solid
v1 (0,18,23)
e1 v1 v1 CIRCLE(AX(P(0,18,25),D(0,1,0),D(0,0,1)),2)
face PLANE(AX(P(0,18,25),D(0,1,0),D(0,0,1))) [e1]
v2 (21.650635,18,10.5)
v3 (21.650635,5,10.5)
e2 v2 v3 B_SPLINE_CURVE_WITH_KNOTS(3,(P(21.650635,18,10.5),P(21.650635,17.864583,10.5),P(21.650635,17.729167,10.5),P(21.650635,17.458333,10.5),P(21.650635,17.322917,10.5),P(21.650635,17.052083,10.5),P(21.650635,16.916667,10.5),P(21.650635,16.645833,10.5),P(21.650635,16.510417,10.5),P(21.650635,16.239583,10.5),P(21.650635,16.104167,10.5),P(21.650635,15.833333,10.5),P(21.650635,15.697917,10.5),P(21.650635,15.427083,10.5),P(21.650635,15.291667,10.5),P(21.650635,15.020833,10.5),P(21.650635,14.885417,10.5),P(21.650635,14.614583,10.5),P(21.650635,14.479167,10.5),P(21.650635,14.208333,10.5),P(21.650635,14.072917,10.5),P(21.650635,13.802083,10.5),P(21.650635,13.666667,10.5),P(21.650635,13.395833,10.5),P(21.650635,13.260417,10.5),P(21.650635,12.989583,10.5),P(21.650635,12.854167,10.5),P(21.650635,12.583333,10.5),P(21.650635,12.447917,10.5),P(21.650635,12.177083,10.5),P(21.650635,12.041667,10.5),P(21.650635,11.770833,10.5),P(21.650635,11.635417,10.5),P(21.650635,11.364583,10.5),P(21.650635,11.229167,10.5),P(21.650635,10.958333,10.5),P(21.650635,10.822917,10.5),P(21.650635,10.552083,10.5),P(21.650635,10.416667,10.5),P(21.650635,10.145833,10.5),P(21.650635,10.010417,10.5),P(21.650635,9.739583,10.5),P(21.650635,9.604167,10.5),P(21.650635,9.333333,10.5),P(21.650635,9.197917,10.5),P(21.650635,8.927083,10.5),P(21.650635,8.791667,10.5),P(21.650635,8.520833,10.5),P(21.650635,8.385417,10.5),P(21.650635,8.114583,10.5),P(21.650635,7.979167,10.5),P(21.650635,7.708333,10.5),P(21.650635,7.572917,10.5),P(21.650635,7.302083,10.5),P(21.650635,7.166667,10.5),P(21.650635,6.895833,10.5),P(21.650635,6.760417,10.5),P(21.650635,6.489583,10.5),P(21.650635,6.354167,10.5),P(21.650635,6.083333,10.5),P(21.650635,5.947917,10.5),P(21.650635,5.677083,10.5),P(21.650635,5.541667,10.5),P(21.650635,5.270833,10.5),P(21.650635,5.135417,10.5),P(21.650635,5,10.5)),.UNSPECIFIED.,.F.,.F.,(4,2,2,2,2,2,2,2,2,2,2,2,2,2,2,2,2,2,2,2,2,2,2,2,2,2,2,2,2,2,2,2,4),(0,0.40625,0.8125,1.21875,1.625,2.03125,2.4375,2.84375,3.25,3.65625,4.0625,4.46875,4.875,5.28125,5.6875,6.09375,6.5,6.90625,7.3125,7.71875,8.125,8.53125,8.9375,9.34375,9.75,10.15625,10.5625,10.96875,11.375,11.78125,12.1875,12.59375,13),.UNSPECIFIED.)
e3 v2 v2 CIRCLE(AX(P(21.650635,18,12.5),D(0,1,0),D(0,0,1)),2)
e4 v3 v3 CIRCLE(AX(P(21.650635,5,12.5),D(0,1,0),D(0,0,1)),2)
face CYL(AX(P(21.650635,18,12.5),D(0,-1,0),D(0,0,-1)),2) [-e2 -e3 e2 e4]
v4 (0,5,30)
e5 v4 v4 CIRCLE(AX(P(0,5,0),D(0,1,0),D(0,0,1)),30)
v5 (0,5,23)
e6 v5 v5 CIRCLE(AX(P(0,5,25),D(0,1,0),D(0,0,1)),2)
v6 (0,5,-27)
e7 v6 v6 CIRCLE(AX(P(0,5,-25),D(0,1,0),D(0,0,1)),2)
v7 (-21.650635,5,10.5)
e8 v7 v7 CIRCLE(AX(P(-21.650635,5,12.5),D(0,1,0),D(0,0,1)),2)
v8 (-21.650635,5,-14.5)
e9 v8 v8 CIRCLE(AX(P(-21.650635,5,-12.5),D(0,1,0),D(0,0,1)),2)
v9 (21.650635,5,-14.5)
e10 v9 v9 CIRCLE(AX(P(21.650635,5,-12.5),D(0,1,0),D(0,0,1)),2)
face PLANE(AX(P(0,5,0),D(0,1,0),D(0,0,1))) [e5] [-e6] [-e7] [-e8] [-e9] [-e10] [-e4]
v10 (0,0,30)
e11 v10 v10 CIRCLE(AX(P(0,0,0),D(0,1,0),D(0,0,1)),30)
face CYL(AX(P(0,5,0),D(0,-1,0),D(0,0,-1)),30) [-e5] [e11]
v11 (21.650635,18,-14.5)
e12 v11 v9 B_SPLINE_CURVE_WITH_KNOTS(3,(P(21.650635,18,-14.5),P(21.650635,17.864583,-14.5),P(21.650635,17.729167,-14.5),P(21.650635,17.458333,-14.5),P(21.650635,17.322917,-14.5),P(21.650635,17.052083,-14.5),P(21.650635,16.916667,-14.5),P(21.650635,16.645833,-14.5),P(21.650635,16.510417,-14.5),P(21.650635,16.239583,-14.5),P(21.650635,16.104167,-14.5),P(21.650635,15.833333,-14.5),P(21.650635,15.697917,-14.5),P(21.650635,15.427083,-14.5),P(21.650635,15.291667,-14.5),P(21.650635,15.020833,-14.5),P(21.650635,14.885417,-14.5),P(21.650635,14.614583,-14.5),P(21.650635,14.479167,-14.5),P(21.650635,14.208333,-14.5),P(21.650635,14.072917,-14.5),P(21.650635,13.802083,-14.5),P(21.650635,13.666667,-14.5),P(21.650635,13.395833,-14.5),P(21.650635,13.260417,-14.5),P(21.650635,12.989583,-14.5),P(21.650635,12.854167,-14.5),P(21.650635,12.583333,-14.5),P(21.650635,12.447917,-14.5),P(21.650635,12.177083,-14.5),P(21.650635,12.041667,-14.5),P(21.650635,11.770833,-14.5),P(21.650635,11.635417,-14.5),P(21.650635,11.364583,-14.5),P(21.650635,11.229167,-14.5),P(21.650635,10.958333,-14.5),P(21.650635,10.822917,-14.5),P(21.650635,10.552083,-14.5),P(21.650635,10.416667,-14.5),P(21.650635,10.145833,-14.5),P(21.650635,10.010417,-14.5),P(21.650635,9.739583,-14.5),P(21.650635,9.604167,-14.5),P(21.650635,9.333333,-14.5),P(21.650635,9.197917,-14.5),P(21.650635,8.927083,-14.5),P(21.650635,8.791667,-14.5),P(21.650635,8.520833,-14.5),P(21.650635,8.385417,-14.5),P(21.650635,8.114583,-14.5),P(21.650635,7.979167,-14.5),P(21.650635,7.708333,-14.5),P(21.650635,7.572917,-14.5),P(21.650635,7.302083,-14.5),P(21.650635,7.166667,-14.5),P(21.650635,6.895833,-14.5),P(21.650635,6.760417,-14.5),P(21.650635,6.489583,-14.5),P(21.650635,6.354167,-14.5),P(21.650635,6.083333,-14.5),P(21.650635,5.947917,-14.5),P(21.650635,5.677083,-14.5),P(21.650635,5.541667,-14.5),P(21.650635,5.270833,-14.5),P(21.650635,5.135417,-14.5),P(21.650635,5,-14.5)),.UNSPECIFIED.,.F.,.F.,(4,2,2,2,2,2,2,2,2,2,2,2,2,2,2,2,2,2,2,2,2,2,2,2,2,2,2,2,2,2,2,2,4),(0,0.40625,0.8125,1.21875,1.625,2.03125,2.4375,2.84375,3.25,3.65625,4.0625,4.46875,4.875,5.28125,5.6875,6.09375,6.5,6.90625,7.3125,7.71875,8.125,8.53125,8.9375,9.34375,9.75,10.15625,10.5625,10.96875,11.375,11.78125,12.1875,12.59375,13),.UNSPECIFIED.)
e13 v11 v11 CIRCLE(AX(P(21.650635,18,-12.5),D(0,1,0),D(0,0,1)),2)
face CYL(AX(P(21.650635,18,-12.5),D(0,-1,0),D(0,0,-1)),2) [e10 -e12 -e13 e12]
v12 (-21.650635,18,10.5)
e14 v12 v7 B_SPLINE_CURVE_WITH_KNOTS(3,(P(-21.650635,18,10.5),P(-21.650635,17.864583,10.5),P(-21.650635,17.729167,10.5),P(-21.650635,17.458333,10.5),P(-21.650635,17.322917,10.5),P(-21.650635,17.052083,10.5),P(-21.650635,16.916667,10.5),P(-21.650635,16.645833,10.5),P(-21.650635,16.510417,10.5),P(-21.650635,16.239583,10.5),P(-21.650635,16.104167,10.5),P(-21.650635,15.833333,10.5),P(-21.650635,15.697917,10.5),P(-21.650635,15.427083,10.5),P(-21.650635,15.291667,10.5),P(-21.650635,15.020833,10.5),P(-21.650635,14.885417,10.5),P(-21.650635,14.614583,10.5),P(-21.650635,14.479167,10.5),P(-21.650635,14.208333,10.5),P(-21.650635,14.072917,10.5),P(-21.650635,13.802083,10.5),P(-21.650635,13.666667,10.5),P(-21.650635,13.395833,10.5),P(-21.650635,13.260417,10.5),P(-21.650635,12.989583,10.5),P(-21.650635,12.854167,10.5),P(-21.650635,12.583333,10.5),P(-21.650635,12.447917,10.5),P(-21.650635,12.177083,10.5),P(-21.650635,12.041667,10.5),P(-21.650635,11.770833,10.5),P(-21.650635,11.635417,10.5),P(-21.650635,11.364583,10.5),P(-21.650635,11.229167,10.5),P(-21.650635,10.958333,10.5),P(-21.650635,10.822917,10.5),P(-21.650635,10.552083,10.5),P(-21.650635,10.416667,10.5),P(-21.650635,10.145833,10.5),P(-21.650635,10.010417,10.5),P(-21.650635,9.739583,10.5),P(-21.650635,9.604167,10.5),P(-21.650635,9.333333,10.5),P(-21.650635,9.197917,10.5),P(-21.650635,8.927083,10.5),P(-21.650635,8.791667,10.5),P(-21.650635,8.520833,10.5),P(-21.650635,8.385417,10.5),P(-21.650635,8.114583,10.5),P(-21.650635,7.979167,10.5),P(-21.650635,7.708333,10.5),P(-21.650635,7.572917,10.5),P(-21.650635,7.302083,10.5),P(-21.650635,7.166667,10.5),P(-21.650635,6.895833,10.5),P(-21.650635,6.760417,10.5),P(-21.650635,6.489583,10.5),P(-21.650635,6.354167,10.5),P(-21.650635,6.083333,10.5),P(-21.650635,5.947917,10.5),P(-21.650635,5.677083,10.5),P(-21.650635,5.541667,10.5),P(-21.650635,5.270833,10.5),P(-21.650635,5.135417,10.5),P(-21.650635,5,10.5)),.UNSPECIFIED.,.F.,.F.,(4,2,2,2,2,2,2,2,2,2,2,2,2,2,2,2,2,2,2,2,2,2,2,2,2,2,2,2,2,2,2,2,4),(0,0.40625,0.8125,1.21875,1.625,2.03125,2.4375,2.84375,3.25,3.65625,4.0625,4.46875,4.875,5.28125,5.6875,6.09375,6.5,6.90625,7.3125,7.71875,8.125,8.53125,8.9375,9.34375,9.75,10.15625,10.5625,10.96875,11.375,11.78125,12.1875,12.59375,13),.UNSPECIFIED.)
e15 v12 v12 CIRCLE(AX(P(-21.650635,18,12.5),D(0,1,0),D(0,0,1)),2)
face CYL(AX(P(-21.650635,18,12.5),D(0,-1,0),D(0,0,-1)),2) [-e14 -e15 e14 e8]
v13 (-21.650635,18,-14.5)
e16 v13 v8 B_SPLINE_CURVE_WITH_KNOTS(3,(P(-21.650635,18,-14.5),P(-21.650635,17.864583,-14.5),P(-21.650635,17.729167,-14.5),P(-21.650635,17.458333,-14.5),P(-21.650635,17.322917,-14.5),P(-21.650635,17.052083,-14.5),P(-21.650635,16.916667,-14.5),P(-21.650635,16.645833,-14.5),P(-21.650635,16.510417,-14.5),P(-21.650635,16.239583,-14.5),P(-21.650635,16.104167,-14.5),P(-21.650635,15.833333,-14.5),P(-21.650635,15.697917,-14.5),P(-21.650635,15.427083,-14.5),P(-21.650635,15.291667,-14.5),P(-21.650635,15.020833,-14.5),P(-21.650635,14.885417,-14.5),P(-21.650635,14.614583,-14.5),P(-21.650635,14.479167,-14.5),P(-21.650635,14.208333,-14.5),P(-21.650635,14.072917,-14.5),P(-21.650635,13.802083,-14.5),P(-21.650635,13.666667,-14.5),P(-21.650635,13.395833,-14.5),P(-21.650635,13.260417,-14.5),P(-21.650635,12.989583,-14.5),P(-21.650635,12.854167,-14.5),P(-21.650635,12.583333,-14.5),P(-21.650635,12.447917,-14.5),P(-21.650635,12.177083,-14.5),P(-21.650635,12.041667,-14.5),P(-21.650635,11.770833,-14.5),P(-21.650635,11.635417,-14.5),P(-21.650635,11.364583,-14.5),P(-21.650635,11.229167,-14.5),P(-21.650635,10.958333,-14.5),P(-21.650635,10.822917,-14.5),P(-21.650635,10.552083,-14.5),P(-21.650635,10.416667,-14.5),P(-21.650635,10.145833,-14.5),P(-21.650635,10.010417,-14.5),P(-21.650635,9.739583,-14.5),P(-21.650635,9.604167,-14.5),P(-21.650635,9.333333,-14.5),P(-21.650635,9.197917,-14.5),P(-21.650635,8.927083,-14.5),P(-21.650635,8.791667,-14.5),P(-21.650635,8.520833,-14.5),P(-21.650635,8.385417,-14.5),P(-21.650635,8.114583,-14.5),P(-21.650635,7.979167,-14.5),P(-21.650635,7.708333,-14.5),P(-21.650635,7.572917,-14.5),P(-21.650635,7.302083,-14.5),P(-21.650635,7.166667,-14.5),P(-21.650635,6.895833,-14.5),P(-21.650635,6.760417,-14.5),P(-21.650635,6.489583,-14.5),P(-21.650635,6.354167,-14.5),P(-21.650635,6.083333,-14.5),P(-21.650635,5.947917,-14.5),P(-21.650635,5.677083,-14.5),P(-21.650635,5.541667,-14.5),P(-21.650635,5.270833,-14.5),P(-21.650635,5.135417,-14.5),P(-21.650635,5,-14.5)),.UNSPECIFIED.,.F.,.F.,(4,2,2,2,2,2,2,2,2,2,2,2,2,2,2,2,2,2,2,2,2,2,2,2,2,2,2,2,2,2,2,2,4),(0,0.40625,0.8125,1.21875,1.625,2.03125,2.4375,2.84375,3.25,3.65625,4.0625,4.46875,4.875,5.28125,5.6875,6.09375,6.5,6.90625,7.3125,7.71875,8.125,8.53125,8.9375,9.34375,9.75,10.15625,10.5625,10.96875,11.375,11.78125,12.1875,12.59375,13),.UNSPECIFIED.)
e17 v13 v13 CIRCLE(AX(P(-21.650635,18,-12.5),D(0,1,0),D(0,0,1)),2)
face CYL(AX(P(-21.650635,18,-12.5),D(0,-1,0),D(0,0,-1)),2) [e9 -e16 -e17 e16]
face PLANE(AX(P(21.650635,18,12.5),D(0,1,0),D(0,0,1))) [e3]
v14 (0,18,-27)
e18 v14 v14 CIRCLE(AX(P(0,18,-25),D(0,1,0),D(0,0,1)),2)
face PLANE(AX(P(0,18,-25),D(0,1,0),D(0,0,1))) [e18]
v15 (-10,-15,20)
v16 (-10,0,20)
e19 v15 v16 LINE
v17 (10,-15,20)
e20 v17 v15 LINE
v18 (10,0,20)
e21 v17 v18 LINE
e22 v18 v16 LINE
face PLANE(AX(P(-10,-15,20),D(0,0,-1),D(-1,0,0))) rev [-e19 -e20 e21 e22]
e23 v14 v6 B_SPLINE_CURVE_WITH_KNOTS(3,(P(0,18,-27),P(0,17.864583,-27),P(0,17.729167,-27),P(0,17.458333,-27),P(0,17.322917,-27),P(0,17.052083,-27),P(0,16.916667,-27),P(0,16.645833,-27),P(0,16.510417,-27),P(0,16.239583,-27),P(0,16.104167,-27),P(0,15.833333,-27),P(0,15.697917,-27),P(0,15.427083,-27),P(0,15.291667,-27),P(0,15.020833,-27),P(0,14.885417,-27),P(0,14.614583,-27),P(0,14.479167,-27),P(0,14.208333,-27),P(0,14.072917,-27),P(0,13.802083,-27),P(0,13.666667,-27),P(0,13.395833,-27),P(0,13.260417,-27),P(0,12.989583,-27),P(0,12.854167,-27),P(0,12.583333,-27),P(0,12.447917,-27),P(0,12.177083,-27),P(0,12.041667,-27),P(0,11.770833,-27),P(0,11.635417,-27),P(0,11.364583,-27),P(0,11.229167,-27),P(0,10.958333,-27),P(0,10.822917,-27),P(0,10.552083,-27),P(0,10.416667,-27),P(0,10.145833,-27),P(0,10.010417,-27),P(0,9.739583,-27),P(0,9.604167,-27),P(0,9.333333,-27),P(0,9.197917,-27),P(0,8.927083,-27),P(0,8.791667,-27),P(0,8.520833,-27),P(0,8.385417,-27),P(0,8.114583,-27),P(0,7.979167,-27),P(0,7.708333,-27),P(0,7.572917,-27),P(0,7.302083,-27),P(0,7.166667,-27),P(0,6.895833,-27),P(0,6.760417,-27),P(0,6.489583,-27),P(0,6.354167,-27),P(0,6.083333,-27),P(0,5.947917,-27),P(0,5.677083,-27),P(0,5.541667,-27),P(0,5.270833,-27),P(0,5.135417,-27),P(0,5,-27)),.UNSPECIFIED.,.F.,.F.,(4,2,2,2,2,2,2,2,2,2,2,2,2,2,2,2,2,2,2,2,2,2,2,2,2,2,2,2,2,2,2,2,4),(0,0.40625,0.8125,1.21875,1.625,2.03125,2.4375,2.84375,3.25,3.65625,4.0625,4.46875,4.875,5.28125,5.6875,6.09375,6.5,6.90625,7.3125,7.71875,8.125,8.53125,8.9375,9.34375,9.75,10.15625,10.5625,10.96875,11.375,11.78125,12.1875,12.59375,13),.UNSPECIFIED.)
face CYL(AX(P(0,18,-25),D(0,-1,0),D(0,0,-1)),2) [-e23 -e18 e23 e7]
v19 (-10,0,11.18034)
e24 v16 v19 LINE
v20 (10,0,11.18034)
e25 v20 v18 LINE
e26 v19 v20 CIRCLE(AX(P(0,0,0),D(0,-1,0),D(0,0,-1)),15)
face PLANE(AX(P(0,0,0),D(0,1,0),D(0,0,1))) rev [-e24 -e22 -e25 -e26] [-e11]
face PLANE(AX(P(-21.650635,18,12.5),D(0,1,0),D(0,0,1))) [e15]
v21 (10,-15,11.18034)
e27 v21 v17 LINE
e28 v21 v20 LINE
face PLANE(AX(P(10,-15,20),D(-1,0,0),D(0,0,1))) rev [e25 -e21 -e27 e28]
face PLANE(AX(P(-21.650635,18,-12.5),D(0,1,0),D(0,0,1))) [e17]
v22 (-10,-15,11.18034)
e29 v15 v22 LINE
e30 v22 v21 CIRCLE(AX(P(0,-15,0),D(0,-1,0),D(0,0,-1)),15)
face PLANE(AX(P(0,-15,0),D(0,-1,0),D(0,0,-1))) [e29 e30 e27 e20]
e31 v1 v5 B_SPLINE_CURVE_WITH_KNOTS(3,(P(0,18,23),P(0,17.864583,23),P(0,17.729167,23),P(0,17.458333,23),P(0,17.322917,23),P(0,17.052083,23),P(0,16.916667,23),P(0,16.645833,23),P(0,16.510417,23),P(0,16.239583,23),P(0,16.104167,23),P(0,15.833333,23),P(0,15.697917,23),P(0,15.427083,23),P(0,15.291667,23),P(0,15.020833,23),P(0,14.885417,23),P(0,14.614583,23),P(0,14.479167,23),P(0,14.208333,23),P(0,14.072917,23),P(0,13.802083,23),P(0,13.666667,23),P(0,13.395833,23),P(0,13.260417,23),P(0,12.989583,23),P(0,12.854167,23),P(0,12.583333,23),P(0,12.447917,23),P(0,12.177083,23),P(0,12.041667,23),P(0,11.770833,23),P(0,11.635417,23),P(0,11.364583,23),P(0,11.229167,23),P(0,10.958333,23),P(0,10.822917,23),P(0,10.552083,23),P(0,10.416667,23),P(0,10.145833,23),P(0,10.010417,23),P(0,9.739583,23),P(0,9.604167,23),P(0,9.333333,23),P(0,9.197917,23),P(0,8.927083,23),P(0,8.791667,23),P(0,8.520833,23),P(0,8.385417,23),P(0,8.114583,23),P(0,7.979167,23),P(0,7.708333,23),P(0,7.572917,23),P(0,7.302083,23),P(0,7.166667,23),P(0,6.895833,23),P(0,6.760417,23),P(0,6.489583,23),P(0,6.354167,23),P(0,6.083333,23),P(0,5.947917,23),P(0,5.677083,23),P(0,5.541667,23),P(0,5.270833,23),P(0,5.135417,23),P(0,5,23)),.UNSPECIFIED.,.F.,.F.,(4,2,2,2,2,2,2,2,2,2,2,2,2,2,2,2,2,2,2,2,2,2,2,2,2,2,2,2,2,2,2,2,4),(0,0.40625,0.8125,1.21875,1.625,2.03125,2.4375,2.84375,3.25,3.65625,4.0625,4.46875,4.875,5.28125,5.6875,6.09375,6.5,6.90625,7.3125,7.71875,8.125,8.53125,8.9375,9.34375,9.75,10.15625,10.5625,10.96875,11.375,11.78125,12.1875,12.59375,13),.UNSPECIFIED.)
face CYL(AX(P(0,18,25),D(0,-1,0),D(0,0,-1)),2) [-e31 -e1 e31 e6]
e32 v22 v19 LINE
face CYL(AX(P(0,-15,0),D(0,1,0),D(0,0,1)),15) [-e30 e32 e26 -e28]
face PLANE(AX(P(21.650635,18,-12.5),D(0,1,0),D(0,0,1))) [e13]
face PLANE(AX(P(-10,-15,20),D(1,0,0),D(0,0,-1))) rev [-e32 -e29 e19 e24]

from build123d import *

# Parameters (mm, degrees)
SKETCH1_R           = 30
BOSS_EXTRUDE1_DEPTH = 5
SKETCH2_R           = 2
BOSS_EXTRUDE2_DEPTH = 13
BOSS_EXTRUDE3_DEPTH = 15


with BuildPart() as part:
    # Sketch1 → Boss-Extrude1 (new body)
    with BuildSketch(Plane(origin=(0, 0, 0), x_dir=(1, 0, 0), z_dir=(0, 1, 0))):
        with Locations(Location((0, 0, 0), (0, 0, 270))):
            Circle(SKETCH1_R)
    extrude(amount=BOSS_EXTRUDE1_DEPTH)

    # Sketch2 → Boss-Extrude2 (add)
    with BuildSketch(Plane(origin=(0, 5, 0), x_dir=(1, 0, 0), z_dir=(0, 1, 0))):
        with Locations(Location((0, 25, 0), (0, 0, 90))):
            Circle(SKETCH2_R)
        with Locations(Location((21.650635095, 12.5, 0), (0, 0, 90))):
            Circle(SKETCH2_R)
        with Locations(Location((21.650635095, -12.5, 0), (0, 0, 90))):
            Circle(SKETCH2_R)
        with Locations(Location((0, -25, 0), (0, 0, 90))):
            Circle(SKETCH2_R)
        with Locations(Location((-21.650635095, -12.5, 0), (0, 0, 90))):
            Circle(SKETCH2_R)
        with Locations(Location((-21.650635095, 12.5, 0), (0, 0, 90))):
            Circle(SKETCH2_R)
    extrude(amount=BOSS_EXTRUDE2_DEPTH)

    # Sketch3 → Boss-Extrude3 (add)
    with BuildSketch(Plane.XZ):
        with BuildLine():
            Line((-10, 20), (10, 20))
            Line((10, 20), (10, 11.180339887))
            ThreePointArc((10, 11.180339887), (0, -15), (-10, 11.180339887))
            Line((-10, 11.180339887), (-10, 20))
        make_face()
    extrude(amount=BOSS_EXTRUDE3_DEPTH)


solid = part.part
